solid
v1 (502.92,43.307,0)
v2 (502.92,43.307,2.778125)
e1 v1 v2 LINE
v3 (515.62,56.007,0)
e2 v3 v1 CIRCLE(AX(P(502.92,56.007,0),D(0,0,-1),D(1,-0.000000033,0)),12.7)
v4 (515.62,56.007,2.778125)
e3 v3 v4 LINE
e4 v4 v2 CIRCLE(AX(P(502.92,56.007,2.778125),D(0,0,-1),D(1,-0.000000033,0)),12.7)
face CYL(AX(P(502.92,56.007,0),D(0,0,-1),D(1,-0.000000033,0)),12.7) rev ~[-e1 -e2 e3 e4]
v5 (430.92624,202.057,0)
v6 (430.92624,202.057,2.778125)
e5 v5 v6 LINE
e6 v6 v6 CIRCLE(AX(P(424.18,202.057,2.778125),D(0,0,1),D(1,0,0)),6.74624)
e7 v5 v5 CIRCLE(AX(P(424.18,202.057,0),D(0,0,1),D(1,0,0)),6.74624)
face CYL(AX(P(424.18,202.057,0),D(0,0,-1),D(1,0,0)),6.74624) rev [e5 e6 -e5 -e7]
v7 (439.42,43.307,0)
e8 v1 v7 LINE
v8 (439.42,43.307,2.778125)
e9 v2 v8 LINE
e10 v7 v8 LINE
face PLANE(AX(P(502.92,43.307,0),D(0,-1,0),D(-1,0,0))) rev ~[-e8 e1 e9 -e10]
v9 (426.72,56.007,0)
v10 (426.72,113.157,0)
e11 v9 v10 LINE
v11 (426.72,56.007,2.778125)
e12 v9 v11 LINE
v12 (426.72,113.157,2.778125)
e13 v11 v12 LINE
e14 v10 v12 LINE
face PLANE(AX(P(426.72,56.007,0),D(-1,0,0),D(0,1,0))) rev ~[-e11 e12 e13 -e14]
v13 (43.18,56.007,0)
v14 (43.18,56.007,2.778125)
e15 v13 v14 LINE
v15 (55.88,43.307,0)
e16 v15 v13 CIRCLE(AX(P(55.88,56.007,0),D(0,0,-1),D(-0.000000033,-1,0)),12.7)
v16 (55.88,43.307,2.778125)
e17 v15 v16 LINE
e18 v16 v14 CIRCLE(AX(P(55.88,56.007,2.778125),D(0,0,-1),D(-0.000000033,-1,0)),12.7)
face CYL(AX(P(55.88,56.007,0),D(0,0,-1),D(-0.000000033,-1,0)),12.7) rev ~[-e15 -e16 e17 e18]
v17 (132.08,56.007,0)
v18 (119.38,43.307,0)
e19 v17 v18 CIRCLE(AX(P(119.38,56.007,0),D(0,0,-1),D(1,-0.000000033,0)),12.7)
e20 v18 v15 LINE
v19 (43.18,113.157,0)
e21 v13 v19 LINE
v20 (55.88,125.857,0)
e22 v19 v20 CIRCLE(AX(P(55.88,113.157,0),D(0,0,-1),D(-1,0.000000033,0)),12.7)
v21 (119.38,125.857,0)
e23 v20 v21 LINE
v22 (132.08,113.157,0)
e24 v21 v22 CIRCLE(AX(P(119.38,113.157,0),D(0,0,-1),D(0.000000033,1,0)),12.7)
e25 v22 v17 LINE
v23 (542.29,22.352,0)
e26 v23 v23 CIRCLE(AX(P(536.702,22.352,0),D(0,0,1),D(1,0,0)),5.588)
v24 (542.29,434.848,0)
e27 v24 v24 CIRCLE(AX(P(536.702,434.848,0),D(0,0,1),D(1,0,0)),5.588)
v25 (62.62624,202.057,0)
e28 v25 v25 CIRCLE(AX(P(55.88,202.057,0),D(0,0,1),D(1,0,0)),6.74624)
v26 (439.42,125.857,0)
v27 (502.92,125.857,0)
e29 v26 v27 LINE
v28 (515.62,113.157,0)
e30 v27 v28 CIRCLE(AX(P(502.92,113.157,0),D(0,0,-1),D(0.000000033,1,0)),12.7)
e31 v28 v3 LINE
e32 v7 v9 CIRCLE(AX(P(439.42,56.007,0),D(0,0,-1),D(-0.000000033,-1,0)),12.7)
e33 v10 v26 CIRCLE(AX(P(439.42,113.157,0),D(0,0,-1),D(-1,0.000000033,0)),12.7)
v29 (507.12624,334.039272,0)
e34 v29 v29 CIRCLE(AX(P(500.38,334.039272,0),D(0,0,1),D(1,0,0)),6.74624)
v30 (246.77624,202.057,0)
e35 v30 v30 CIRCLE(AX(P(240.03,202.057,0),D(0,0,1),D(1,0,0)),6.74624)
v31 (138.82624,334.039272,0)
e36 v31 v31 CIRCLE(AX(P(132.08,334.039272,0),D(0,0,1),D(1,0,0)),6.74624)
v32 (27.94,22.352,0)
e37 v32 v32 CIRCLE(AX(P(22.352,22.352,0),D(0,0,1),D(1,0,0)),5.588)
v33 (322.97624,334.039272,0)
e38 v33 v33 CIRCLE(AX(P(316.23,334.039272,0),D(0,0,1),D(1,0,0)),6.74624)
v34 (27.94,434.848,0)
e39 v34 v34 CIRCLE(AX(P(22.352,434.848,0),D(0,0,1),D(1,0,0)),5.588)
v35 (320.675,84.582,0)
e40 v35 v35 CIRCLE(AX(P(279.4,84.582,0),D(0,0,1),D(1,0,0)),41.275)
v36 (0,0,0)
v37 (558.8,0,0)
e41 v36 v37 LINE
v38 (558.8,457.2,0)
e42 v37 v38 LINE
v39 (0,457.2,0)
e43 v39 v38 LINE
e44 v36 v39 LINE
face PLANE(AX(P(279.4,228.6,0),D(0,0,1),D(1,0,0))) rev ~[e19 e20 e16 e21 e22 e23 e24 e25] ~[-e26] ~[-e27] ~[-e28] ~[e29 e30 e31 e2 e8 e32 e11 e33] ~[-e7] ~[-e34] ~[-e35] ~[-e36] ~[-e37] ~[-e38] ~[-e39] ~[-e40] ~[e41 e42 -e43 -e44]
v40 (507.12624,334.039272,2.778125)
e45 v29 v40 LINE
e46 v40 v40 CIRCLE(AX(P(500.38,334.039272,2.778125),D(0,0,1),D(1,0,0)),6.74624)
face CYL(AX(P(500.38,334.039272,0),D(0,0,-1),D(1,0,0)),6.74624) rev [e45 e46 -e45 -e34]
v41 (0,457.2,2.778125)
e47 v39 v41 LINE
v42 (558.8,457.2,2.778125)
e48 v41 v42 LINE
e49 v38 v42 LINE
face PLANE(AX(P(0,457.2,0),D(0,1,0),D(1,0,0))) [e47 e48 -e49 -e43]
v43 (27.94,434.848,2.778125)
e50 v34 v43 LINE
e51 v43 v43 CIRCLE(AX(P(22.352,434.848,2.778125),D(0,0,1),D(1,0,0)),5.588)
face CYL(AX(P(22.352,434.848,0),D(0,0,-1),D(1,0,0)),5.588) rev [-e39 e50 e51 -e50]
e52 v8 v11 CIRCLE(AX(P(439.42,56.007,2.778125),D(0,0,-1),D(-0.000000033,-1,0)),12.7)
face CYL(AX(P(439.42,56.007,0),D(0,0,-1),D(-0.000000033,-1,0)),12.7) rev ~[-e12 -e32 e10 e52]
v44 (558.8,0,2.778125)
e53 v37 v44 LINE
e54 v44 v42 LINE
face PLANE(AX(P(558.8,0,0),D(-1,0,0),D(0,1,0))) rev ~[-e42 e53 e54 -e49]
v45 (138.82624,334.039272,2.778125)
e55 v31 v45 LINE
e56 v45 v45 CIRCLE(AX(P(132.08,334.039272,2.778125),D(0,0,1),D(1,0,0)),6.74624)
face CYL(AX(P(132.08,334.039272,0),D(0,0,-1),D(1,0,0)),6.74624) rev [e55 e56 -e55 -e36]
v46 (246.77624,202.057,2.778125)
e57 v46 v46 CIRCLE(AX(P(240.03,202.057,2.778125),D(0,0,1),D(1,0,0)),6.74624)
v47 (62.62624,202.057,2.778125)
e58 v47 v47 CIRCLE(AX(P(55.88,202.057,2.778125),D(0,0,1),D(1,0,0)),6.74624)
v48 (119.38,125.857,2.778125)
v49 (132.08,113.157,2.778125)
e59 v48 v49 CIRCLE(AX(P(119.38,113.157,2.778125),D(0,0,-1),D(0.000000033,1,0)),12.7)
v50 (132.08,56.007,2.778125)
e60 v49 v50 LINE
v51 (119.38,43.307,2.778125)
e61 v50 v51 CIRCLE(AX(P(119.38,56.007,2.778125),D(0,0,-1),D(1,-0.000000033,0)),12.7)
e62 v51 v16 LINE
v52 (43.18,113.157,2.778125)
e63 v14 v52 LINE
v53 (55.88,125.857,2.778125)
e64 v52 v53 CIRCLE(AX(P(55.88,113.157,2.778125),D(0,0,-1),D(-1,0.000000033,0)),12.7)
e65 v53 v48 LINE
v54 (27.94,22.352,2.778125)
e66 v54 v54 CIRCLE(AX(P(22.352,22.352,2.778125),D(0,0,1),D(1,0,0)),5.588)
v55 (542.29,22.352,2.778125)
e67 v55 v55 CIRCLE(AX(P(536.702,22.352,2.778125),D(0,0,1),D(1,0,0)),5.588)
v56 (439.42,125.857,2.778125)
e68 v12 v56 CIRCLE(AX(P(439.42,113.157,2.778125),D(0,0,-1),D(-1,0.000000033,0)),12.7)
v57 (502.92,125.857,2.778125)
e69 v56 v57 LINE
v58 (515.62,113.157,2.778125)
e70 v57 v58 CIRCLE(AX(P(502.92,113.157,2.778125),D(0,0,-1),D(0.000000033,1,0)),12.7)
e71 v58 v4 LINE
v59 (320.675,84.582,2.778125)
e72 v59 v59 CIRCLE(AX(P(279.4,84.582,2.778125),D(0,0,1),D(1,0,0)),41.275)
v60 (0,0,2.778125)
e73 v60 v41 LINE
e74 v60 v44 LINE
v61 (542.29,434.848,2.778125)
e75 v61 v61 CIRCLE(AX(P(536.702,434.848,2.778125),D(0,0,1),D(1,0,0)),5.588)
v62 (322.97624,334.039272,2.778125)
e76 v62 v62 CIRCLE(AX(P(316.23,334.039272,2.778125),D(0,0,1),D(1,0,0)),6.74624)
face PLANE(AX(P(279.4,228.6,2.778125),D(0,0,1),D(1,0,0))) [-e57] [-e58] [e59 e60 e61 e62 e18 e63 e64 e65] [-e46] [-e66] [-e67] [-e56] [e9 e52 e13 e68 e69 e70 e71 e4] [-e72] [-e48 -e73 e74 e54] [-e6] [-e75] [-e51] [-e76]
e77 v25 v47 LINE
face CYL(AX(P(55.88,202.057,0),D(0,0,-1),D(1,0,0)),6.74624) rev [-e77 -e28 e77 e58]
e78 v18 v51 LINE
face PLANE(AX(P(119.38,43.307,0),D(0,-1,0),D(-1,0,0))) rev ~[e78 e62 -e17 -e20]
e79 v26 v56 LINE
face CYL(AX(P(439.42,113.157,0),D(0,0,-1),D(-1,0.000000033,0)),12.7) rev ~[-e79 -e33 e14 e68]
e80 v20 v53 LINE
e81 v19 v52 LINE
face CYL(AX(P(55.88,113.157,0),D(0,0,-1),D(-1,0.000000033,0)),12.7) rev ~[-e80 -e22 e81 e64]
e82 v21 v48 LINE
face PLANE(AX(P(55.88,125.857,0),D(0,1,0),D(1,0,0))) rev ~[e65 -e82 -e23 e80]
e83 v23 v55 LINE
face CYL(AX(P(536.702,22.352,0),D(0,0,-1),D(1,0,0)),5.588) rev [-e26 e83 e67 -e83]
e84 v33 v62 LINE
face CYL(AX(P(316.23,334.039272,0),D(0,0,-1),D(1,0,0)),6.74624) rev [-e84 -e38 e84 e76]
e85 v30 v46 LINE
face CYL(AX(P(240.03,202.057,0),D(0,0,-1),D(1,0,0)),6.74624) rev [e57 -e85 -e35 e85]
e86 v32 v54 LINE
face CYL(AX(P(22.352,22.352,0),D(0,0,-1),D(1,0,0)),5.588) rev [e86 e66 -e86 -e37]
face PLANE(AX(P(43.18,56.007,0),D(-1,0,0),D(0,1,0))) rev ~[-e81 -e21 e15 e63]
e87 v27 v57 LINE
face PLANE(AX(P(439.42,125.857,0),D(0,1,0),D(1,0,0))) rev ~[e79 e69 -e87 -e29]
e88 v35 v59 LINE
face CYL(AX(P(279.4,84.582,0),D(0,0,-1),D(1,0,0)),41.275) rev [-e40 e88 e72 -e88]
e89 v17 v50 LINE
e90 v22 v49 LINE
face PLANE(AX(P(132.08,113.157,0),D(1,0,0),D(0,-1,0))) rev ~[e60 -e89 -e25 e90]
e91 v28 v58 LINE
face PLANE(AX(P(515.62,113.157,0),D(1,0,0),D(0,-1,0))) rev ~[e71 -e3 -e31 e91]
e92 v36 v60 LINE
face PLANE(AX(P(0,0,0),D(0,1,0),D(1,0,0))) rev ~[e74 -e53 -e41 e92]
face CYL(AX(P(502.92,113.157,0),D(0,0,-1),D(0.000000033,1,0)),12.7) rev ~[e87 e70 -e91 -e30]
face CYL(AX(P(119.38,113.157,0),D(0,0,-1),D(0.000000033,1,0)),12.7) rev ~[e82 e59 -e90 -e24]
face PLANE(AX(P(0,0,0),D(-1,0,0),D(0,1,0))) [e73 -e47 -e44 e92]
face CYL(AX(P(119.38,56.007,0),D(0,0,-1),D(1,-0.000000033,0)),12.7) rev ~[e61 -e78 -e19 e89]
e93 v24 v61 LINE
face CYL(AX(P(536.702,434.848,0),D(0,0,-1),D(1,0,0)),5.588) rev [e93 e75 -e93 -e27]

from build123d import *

# Parameters (mm, degrees)
F0_W     = 558.8
F0_H     = 457.2
F0_R     = 5.588
F0_R_2   = 6.74624
F0_R_3   = 41.275
F1_DEPTH = 2.778125


with BuildPart() as f1:
    # F0 (on Top) → F1 (new body)
    with BuildSketch(Plane.XY):
        with Locations((279.4, 228.6)):
            Rectangle(F0_W, F0_H)
        with Locations((22.352, 22.352)):
            Circle(F0_R, mode=Mode.SUBTRACT)
        with BuildLine():
            ThreePointArc((43.18, 113.157), (46.899744, 122.137256), (55.88, 125.857))
            Line((55.88, 125.857), (119.38, 125.857))
            ThreePointArc((119.38, 125.857), (128.360256, 122.137256), (132.08, 113.157))
            Line((132.08, 113.157), (132.08, 56.007))
            ThreePointArc((132.08, 56.007), (128.360256, 47.026744), (119.38, 43.307))
            Line((119.38, 43.307), (55.88, 43.307))
            ThreePointArc((55.88, 43.307), (46.899744, 47.026744), (43.18, 56.007))
            Line((43.18, 56.007), (43.18, 113.157))
        make_face(mode=Mode.SUBTRACT)
        with Locations((55.88, 202.057)):
            Circle(F0_R_2, mode=Mode.SUBTRACT)
        with Locations((240.03, 202.057)):
            Circle(F0_R_2, mode=Mode.SUBTRACT)
        with Locations((279.4, 84.582)):
            Circle(F0_R_3, mode=Mode.SUBTRACT)
        with Locations((536.702, 22.352)):
            Circle(F0_R, mode=Mode.SUBTRACT)
        with BuildLine():
            Line((439.42, 125.857), (502.92, 125.857))
            ThreePointArc((502.92, 125.857), (511.900256, 122.137256), (515.62, 113.157))
            Line((515.62, 113.157), (515.62, 56.007))
            ThreePointArc((515.62, 56.007), (511.900256, 47.026744), (502.92, 43.307))
            Line((502.92, 43.307), (439.42, 43.307))
            ThreePointArc((439.42, 43.307), (430.439744, 47.026744), (426.72, 56.007))
            Line((426.72, 56.007), (426.72, 113.157))
            ThreePointArc((426.72, 113.157), (430.439744, 122.137256), (439.42, 125.857))
        make_face(mode=Mode.SUBTRACT)
        with Locations((424.18, 202.057)):
            Circle(F0_R_2, mode=Mode.SUBTRACT)
        with Locations((132.08, 334.039272)):
            Circle(F0_R_2, mode=Mode.SUBTRACT)
        with Locations((22.352, 434.848)):
            Circle(F0_R, mode=Mode.SUBTRACT)
        with Locations((316.23, 334.039272)):
            Circle(F0_R_2, mode=Mode.SUBTRACT)
        with Locations((500.38, 334.039272)):
            Circle(F0_R_2, mode=Mode.SUBTRACT)
        with Locations((536.702, 434.848)):
            Circle(F0_R, mode=Mode.SUBTRACT)
    extrude(amount=F1_DEPTH)


solid = f1.part
